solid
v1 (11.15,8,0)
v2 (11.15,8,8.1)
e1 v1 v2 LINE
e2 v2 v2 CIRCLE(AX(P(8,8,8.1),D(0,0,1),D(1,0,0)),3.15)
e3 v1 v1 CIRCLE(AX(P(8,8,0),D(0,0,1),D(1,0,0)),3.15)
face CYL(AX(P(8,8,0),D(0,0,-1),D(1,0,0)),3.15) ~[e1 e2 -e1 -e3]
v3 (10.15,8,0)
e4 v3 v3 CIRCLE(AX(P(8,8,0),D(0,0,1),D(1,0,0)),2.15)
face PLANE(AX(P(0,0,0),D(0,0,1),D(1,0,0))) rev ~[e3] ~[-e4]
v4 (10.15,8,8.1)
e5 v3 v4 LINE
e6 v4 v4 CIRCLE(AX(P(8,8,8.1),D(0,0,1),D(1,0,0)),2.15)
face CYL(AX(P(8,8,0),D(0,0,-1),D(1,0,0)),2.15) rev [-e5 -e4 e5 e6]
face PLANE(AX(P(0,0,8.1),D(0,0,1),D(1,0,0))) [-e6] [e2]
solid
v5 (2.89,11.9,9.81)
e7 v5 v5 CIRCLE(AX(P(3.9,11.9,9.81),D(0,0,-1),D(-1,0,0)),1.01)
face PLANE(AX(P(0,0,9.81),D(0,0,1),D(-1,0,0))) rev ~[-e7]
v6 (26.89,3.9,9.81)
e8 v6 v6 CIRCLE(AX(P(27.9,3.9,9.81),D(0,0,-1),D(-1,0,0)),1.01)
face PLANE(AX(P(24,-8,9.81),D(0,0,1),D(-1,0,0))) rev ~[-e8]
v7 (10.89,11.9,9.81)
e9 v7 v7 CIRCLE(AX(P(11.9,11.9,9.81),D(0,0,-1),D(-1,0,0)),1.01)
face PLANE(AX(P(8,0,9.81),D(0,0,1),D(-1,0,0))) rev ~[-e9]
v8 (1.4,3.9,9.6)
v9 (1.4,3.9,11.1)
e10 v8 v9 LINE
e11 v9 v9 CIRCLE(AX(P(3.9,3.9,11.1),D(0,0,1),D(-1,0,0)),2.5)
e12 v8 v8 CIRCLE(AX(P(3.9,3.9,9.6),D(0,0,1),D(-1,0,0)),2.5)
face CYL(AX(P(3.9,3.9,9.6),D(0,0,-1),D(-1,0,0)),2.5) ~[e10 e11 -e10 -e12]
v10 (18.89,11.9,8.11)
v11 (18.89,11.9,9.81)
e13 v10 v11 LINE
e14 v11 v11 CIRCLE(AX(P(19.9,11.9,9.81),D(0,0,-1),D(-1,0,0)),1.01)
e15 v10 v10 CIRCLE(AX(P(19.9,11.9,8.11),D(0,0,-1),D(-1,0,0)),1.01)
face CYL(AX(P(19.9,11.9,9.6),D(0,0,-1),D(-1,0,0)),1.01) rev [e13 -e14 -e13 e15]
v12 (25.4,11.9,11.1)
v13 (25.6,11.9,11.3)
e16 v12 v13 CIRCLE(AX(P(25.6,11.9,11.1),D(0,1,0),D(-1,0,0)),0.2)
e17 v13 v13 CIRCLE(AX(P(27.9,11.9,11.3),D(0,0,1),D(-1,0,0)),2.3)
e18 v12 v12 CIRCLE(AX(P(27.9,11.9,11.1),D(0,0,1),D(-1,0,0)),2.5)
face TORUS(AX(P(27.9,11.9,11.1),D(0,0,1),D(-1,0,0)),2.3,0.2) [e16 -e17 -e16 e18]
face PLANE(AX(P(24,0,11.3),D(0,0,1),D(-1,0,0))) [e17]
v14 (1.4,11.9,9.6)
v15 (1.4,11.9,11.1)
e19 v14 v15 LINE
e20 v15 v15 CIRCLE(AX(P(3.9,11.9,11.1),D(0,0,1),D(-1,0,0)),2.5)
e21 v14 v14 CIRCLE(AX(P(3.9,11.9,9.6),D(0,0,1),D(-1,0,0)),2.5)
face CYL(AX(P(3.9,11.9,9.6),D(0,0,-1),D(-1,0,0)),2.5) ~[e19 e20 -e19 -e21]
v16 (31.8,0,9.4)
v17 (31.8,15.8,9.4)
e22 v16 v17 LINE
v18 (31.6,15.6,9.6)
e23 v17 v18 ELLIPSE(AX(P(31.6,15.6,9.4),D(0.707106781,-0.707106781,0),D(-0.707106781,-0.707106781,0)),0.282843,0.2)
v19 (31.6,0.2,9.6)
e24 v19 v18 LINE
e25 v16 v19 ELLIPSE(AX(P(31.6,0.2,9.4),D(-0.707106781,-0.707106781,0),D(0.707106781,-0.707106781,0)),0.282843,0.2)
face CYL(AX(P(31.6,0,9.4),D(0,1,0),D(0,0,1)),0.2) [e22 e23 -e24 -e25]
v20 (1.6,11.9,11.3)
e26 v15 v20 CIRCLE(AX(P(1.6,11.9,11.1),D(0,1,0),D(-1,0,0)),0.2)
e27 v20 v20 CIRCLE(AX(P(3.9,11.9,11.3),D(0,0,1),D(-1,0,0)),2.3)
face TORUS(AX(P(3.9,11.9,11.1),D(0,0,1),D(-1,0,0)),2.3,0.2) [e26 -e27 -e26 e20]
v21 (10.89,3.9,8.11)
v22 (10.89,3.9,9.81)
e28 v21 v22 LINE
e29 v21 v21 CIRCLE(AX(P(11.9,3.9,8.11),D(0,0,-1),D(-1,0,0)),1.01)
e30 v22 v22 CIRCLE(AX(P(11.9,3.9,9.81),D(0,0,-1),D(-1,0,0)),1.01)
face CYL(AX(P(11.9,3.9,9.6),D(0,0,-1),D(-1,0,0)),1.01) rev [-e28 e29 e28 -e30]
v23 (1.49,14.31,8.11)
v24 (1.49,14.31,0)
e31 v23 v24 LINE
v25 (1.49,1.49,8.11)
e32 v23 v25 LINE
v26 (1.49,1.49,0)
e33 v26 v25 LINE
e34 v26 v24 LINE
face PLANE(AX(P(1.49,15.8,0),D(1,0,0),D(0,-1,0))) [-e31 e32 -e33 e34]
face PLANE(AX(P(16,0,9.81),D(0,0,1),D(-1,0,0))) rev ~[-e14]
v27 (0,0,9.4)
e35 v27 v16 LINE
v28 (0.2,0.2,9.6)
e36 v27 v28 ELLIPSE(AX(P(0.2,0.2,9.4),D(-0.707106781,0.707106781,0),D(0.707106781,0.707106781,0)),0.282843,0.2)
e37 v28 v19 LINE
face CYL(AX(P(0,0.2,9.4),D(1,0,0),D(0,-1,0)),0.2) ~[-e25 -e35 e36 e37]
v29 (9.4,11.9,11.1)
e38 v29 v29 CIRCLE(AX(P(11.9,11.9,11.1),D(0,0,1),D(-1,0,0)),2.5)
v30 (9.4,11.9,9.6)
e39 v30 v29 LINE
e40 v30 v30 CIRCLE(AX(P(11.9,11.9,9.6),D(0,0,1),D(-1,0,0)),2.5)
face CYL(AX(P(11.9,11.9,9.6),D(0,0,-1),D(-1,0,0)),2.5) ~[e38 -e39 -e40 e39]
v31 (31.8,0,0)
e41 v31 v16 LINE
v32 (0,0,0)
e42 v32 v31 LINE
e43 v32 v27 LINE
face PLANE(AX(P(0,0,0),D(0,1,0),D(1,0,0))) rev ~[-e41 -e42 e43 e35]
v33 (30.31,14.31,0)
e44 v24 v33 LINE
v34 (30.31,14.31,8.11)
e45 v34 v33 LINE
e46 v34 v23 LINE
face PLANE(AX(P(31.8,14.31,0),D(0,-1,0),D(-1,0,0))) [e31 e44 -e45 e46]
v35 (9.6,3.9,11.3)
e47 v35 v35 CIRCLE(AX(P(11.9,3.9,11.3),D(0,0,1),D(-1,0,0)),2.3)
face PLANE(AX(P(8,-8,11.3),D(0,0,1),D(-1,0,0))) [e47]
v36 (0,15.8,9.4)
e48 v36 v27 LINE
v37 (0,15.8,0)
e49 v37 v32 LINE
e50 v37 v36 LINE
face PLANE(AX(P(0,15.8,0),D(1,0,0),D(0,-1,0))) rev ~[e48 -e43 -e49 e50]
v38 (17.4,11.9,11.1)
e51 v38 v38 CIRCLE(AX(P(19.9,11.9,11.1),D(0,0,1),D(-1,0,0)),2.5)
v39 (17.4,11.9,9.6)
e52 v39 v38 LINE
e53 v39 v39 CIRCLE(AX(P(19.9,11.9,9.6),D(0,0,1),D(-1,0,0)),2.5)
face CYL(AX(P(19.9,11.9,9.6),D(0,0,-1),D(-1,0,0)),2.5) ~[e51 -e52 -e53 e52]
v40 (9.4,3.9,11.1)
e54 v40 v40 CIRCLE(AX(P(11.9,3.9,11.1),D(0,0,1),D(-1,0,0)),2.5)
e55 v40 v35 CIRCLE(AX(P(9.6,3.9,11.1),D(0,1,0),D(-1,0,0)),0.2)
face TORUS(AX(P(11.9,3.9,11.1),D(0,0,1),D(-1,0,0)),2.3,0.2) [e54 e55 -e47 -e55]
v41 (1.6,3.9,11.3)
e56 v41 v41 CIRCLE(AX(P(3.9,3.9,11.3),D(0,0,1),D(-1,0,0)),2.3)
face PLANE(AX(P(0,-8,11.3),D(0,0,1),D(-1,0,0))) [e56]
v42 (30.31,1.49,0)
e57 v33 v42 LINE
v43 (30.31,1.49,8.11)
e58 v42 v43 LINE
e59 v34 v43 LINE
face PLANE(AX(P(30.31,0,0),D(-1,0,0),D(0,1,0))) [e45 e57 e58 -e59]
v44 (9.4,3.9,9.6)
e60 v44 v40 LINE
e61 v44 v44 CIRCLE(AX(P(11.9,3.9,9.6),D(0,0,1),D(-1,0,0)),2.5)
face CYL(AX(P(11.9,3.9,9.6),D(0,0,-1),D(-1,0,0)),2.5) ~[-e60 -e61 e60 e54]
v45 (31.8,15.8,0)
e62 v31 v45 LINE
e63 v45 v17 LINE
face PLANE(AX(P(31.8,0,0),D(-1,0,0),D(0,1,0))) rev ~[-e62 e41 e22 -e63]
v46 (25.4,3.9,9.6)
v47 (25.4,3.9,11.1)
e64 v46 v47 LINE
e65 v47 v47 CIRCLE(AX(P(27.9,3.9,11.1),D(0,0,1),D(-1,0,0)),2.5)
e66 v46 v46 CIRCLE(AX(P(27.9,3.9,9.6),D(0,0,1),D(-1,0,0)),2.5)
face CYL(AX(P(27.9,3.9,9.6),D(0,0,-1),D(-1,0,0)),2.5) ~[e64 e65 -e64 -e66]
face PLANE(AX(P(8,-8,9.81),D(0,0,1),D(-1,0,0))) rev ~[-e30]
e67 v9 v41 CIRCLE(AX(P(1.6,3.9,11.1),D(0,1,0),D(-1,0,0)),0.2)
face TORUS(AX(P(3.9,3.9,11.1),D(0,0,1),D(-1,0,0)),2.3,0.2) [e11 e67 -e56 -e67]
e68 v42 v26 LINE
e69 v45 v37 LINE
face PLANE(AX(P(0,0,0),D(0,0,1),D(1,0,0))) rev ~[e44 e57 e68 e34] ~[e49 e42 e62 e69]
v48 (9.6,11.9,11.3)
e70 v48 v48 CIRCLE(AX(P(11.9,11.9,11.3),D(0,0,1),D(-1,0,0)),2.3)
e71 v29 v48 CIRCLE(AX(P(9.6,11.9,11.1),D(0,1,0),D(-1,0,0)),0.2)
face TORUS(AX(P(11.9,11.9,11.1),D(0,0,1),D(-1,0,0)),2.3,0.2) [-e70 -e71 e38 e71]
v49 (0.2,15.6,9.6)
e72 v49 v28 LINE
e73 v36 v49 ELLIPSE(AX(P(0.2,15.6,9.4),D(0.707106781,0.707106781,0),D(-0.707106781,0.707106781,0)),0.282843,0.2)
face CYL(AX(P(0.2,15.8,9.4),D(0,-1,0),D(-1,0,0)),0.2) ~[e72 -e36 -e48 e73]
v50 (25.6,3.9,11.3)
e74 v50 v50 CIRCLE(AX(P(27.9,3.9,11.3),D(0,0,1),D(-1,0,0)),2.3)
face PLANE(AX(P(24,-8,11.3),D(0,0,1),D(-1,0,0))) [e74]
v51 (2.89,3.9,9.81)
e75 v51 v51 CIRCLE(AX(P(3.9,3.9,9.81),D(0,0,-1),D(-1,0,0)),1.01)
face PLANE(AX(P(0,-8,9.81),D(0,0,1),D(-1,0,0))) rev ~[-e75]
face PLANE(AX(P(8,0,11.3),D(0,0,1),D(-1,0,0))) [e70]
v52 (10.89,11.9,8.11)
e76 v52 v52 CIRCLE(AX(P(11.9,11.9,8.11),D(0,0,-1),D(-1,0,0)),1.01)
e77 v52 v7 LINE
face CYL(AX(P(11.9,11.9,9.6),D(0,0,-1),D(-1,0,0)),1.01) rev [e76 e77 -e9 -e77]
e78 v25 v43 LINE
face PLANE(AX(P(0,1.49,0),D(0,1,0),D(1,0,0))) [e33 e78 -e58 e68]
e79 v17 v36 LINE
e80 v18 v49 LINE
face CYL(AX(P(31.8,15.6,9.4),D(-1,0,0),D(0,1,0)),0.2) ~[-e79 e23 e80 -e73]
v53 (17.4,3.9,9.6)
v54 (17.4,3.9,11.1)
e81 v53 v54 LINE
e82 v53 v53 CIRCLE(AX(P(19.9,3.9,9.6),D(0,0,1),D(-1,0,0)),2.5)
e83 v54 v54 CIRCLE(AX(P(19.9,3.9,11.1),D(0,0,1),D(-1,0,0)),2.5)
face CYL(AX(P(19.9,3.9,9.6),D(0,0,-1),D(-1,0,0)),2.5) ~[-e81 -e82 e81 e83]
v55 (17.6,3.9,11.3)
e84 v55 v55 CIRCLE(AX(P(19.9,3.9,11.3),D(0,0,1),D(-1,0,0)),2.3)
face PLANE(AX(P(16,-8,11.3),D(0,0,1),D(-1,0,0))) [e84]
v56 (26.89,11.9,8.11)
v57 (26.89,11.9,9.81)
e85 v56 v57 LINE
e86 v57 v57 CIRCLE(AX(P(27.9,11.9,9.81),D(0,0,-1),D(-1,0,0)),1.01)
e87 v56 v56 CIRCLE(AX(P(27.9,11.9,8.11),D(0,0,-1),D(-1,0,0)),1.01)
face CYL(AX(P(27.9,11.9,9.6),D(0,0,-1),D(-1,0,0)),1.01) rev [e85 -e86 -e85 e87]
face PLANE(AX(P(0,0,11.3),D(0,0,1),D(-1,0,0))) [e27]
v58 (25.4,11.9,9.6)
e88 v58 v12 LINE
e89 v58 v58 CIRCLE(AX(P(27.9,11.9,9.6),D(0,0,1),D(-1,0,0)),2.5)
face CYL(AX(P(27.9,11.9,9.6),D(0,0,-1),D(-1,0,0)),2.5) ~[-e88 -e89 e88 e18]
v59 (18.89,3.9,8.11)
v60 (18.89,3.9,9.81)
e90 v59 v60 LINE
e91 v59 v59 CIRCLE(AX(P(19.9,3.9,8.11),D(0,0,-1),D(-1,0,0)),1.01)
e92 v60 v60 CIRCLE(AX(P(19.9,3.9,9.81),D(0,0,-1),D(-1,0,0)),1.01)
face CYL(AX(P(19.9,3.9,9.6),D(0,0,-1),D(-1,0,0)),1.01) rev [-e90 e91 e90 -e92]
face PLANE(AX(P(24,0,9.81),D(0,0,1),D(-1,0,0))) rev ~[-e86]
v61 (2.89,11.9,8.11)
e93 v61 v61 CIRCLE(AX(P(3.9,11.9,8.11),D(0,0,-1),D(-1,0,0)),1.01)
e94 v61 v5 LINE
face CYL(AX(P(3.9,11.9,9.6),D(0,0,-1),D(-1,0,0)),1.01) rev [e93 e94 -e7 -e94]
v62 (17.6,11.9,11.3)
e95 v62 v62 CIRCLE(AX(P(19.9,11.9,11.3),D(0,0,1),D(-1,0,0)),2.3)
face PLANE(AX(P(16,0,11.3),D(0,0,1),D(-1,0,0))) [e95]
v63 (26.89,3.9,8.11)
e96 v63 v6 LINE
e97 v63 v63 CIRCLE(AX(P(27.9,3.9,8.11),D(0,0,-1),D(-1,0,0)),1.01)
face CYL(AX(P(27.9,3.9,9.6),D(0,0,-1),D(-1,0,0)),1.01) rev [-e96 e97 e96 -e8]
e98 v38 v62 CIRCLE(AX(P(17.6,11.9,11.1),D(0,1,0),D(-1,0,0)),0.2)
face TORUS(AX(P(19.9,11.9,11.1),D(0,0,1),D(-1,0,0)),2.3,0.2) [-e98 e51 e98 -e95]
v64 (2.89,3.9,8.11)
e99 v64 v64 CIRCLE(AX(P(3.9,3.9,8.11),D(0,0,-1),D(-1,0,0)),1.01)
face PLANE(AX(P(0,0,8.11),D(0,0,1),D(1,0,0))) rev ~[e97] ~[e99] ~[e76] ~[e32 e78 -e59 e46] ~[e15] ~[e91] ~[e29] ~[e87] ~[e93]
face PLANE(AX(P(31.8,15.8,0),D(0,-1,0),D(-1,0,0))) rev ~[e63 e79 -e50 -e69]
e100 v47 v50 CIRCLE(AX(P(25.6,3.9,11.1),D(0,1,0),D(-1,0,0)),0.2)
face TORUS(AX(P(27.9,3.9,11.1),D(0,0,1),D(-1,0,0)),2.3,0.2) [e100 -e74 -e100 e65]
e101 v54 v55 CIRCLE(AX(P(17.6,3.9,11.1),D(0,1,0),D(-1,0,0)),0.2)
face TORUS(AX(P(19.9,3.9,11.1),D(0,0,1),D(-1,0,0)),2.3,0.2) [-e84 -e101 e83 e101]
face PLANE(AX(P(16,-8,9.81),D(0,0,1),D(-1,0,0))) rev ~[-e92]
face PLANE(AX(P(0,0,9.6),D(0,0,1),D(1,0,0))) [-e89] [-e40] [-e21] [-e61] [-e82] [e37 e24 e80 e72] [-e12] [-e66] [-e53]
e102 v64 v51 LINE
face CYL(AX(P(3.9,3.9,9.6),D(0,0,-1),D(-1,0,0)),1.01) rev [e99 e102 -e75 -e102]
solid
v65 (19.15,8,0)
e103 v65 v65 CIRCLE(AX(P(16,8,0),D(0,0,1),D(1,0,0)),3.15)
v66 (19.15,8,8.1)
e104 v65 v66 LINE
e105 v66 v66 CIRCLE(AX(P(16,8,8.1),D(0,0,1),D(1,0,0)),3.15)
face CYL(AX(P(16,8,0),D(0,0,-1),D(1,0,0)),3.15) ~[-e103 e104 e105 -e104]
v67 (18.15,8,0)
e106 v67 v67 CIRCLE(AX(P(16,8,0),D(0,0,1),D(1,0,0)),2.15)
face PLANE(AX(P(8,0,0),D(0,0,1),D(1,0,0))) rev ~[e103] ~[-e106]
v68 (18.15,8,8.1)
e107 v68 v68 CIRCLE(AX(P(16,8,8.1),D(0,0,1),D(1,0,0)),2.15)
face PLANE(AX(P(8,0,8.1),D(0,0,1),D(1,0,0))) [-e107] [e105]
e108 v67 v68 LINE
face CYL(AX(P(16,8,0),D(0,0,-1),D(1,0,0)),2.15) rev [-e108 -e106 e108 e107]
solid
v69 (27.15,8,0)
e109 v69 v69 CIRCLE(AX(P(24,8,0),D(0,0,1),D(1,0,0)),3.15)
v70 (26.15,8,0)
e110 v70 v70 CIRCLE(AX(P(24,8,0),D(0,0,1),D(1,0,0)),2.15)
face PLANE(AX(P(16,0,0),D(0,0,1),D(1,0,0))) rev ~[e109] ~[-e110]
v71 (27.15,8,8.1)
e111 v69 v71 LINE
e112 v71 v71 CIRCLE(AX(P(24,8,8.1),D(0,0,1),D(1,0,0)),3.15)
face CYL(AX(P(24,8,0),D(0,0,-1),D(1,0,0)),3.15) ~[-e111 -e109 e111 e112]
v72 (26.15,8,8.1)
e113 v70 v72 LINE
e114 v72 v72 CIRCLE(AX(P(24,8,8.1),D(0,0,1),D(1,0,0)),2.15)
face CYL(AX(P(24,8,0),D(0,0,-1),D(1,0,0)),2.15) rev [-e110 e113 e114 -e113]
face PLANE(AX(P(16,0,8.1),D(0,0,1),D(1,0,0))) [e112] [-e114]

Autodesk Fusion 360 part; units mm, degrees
sketch "Sketch1" plane through (0, 0, 0) normal (0, 0, 1) x (1, 0, 0) in component "2x8 Block"
  line L0 (0, 0) -> (31.8, 0)
  line L1 (31.8, 0) -> (31.8, 15.8)
  line L2 (31.8, 15.8) -> (0, 15.8)
  line L3 (0, 15.8) -> (0, 0)
  dimension "d1" = 31.8
  dimension "d2" = 15.8
extrude "Extrude1" add sketch "Sketch1" along normal blind 9.6 makes body 1 in component "2x8 Block"
sketch "Sketch2" plane through (0, 0, 9.6) normal (0, 0, 1) x (-1, 0, 0) in component "2x8 Block"
  line L0 (0, -15.8) -> (0, 0)
  line L1 (0, 0) -> (-31.8, 0)
  line L2 (-31.8, 0) -> (-31.8, -15.8)
  line L3 (-31.8, -15.8) -> (0, -15.8)
  circle A0 centre (-3.9, -11.9) radius 2.5
  dimension "d5" = 5
  dimension "d6" = 3.9
  dimension "d7" = 3.9
extrude "Extrude2" add sketch "Sketch2" along normal blind 1.7 contours A0 bodies 1 in component "2x8 Block"
pattern_linear "R-Pattern1" count 2 spacing 8 along (0, -1, 0) count 4 spacing 8 along (1, 0, 0) of "Extrude2" in component "2x8 Block"
shell "Shell1" thickness 1.49 removed faces 1 at (21.2, 5.2667, 0) on bodies 1 in component "2x8 Block"
sketch "Sketch3" plane through (0, 0, 0) normal (0, 0, 1) x (1, 0, 0) in component "2x8 Block"
sketch "Sketch4" plane through (0, 0, 0) normal (0, 0, 1) x (1, 0, 0) in component "2x8 Block"
  line L0 (12, 4) -> (4, 12) construction
  line L1 (4, 4) -> (12, 12) construction
  circle A0 centre (8, 8) radius 3.15
  circle A1 centre (8, 8) radius 2.15
  dimension "d15" = 6.3
  dimension "d16" = -1
extrude "Extrude3" add sketch "Sketch4" along normal blind 8.1 separate body makes body 2 in component "2x8 Block"
pattern_linear "R-Pattern2" count 3 spacing 8 along (1, 0, 0) of "Extrude3" makes body 3 makes body 4 in component "2x8 Block"
fillet "Fillet1" radius 0.2 12 edges at (6.2308, 12.804, 11.3) (6.2308, 4.804, 11.3) (14.2308, 12.804, 11.3) (14.2308, 4.804, 11.3) (22.2308, 12.804, 11.3) (30.2308, 12.804, 11.3) (30.2308, 4.804, 11.3) (22.2308, 4.804, 11.3) (15.9, 0, 9.6) (15.9, 15.8, 9.6) (0, 7.9, 9.6) (31.8, 7.9, 9.6) on bodies 1 in component "2x8 Block"
sketch "Sketch5" plane through (0, 0, 9.6) normal (0, 0, 1) x (-1, 0, 0) in component "2x8 Block"
  circle A0 centre (-3.9, -11.9) radius 2.5
  circle A1 centre (-3.9, -3.9) radius 2.5
  circle A2 centre (-11.9, -11.9) radius 2.5
  circle A3 centre (-11.9, -3.9) radius 2.5
  circle A4 centre (-19.9, -11.9) radius 2.5
  circle A5 centre (-19.9, -3.9) radius 2.5
  circle A6 centre (-27.9, -11.9) radius 2.5
  circle A7 centre (-27.9, -3.9) radius 2.5
  line L0 (-31.6, -15.6) -> (-0.2, -15.6)
  line L1 (-0.2, -15.6) -> (-0.2, -0.2)
  line L2 (-0.2, -0.2) -> (-31.6, -0.2)
  line L3 (-31.6, -0.2) -> (-31.6, -15.6)
component "2x8 Block" placed x (1, 0, 0) y (0, 1, 0) z (0, 0, 1) at (0, 0, 0)
